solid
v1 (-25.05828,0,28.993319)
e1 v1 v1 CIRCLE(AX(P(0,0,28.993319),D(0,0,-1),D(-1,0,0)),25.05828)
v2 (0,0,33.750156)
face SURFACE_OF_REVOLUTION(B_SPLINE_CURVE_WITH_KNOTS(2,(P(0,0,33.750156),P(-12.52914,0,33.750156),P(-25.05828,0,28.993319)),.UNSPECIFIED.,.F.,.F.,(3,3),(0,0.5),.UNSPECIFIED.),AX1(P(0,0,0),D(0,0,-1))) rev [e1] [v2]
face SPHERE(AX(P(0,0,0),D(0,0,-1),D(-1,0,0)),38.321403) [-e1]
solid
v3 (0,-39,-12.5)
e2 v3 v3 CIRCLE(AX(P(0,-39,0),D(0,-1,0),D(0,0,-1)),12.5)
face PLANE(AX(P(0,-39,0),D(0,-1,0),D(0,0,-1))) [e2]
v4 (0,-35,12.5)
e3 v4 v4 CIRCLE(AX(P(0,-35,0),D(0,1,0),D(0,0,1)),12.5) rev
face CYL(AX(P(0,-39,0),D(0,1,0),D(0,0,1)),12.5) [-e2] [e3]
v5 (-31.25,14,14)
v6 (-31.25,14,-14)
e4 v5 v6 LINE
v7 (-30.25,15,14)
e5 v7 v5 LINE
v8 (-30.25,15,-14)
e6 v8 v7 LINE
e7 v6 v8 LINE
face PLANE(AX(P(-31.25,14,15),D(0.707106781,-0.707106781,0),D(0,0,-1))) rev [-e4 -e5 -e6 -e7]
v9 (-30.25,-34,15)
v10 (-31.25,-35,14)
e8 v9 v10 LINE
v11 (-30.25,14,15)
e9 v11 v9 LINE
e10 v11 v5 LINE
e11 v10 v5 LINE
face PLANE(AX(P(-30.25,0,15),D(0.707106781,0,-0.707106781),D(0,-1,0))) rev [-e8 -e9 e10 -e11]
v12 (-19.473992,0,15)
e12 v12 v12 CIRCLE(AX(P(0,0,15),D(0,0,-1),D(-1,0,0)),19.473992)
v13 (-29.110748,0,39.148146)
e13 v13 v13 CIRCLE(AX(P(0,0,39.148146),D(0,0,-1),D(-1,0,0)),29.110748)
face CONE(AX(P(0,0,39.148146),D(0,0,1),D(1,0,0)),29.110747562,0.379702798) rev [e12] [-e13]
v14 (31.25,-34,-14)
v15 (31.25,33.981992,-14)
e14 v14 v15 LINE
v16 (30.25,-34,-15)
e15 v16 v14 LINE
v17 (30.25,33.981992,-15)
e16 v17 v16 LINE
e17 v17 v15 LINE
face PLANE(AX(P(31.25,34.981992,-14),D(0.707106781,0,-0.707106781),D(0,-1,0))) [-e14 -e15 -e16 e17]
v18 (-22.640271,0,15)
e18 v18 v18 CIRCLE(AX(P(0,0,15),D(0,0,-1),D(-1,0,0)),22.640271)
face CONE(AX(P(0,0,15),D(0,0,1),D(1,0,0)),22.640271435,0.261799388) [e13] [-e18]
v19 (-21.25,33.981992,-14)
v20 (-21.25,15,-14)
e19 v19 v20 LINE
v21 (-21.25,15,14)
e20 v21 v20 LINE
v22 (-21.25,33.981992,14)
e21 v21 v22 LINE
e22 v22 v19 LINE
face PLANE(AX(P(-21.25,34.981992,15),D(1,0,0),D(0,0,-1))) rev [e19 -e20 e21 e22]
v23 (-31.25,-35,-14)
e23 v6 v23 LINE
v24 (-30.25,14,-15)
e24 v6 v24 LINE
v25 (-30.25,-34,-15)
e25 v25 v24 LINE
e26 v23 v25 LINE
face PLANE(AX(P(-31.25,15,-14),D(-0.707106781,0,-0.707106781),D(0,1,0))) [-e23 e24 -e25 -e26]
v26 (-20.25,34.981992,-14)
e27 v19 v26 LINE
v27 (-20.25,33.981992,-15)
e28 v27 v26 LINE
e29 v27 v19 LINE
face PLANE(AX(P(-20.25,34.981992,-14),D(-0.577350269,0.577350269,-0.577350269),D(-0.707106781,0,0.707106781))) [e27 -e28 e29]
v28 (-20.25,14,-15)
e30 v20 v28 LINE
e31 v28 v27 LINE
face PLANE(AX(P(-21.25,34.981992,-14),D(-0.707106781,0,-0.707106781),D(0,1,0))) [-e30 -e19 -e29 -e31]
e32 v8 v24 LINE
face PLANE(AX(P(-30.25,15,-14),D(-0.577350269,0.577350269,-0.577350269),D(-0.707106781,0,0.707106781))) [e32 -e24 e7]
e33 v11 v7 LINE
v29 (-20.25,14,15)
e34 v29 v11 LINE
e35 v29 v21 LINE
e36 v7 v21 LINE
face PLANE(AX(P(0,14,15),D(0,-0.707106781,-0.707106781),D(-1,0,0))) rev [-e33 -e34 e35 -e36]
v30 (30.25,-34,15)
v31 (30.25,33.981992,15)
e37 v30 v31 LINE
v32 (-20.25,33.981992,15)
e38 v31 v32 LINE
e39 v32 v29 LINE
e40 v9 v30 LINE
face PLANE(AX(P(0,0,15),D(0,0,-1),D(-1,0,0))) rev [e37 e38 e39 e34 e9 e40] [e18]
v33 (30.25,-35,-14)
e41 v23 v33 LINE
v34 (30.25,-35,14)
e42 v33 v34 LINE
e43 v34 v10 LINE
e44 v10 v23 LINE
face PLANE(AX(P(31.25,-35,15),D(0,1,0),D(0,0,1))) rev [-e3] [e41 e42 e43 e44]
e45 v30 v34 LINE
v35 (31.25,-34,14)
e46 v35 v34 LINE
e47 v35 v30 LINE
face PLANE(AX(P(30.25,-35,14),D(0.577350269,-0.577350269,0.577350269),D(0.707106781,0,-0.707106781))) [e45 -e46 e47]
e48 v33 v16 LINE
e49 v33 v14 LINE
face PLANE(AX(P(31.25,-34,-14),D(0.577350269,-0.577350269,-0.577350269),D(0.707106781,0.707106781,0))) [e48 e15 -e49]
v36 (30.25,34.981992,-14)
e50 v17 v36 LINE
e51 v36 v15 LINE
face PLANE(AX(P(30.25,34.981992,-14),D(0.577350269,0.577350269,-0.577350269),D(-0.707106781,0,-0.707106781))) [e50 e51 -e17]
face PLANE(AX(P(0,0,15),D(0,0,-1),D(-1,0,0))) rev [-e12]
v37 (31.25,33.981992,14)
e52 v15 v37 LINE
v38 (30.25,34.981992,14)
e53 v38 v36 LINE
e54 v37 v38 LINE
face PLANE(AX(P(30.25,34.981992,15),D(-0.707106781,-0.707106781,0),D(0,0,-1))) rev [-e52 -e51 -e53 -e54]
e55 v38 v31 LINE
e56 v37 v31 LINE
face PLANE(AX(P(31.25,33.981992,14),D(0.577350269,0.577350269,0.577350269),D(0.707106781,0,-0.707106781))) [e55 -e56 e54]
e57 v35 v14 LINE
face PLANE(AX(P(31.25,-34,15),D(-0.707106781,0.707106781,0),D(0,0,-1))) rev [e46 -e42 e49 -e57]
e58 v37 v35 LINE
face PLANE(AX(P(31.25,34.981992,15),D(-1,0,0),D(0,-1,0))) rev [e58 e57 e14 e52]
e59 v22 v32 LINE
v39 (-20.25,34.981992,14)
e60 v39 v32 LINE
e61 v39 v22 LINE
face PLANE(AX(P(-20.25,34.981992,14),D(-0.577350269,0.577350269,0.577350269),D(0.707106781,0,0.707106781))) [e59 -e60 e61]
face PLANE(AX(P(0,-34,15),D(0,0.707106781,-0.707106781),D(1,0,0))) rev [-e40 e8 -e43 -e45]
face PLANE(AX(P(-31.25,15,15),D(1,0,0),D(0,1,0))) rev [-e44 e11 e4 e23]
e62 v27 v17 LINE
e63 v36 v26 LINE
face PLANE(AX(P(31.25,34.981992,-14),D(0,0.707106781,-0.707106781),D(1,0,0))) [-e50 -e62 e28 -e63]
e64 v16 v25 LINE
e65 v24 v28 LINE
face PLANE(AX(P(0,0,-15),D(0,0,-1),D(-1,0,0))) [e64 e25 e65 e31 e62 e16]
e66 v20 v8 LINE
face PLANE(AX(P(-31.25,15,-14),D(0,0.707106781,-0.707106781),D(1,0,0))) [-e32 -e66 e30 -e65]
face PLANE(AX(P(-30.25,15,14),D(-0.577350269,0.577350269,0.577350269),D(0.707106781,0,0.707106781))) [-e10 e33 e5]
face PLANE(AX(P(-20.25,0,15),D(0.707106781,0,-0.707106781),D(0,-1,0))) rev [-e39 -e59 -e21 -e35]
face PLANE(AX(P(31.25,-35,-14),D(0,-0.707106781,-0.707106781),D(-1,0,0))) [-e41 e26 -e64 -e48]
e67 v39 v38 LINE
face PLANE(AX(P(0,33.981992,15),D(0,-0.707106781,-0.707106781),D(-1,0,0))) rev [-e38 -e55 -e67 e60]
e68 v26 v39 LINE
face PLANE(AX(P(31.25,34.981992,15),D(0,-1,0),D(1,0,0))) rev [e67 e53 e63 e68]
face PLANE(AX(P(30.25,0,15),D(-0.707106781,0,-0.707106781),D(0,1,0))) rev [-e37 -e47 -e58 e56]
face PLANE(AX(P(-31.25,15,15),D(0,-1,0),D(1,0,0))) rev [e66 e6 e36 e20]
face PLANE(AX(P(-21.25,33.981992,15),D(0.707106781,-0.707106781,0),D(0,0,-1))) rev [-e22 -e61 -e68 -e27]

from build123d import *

# Parameters (mm, degrees)
BOSS_EXTRUDE1_DEPTH = 15
SKETCH2_R           = 12.5
BOSS_EXTRUDE2_DEPTH = 4
CHAMFER1_SIZE       = 1


with BuildPart() as part:
    # Sketch1 → Boss-Extrude1 (new, symmetric)
    with BuildSketch(Plane.XY):
        Polygon((31.25, 34.98199207), (-21.25, 34.98199207), (-21.25, 15), (-31.25, 15), (-31.25, -35), (31.25, -35), align=None)
    extrude(amount=BOSS_EXTRUDE1_DEPTH, both=True)

    # Sketch2 → Boss-Extrude2 (add, symmetric)
    with BuildSketch(Plane.XZ.offset(35)):
        with Locations(Location((0, 0, 0), (0, 0, 90))):
            Circle(SKETCH2_R)
    extrude(amount=BOSS_EXTRUDE2_DEPTH, both=True)

    # Chamfer1
    chamfer1_edges = [part.edges().sort_by_distance(p)[0] for p in [
        (-31.25, 15, 0),
        (-21.25, 34.98199207, 0),
        (31.25, 34.98199207, 0),
        (31.25, -35, 0),
        (31.25, -0.009003965, 15),
        (5, 34.98199207, 15),
        (-21.25, 24.990996035, 15),
        (-26.25, 15, 15),
        (-31.25, -10, 15),
        (-26.25, 15, -15),
        (-21.25, 24.990996035, -15),
        (5, 34.98199207, -15),
        (31.25, -0.009003965, -15),
        (0, -35, -15),
        (-31.25, -10, -15),
        (0, -35, 15),
    ]]
    chamfer(chamfer1_edges, length=CHAMFER1_SIZE)

    # Sketch4 → Revolve1 (revolve)
    with BuildSketch(Plane(origin=(0, 0, 0), x_dir=(1, 0, 0), z_dir=(0, 1, 0))):
        Polygon((-22.640271435, -15), (-29.110747562, -39.148145657), (-19.473991816, -15), align=None)
    revolve(axis=Axis((0, 0, 0), (0, 0, 1)))


with BuildPart() as body_2:
    # Sketch5 → Revolve2 (revolve)
    with BuildSketch(Plane(origin=(0, 0, 0), x_dir=(1, 0, 0), z_dir=(0, 1, 0))):
        with BuildLine():
            Line((0, -33.750156277), (0, -38.321403444))
            ThreePointArc((0, -38.321403444), (-13.369092543, -35.913748433), (-25.058279875, -28.993319431))
            add(Edge.make_bspline(
                [(-25.058279875, -28.993319431), (-12.529139937, -33.750156277), (0, -33.750156277)],
                knots=[0, 0, 0, 0.5, 0.5, 0.5], degree=2))
        make_face()
    revolve(axis=Axis((0, 0, 0), (0, 0, 1)))


solid = Compound([part.part, body_2.part])
